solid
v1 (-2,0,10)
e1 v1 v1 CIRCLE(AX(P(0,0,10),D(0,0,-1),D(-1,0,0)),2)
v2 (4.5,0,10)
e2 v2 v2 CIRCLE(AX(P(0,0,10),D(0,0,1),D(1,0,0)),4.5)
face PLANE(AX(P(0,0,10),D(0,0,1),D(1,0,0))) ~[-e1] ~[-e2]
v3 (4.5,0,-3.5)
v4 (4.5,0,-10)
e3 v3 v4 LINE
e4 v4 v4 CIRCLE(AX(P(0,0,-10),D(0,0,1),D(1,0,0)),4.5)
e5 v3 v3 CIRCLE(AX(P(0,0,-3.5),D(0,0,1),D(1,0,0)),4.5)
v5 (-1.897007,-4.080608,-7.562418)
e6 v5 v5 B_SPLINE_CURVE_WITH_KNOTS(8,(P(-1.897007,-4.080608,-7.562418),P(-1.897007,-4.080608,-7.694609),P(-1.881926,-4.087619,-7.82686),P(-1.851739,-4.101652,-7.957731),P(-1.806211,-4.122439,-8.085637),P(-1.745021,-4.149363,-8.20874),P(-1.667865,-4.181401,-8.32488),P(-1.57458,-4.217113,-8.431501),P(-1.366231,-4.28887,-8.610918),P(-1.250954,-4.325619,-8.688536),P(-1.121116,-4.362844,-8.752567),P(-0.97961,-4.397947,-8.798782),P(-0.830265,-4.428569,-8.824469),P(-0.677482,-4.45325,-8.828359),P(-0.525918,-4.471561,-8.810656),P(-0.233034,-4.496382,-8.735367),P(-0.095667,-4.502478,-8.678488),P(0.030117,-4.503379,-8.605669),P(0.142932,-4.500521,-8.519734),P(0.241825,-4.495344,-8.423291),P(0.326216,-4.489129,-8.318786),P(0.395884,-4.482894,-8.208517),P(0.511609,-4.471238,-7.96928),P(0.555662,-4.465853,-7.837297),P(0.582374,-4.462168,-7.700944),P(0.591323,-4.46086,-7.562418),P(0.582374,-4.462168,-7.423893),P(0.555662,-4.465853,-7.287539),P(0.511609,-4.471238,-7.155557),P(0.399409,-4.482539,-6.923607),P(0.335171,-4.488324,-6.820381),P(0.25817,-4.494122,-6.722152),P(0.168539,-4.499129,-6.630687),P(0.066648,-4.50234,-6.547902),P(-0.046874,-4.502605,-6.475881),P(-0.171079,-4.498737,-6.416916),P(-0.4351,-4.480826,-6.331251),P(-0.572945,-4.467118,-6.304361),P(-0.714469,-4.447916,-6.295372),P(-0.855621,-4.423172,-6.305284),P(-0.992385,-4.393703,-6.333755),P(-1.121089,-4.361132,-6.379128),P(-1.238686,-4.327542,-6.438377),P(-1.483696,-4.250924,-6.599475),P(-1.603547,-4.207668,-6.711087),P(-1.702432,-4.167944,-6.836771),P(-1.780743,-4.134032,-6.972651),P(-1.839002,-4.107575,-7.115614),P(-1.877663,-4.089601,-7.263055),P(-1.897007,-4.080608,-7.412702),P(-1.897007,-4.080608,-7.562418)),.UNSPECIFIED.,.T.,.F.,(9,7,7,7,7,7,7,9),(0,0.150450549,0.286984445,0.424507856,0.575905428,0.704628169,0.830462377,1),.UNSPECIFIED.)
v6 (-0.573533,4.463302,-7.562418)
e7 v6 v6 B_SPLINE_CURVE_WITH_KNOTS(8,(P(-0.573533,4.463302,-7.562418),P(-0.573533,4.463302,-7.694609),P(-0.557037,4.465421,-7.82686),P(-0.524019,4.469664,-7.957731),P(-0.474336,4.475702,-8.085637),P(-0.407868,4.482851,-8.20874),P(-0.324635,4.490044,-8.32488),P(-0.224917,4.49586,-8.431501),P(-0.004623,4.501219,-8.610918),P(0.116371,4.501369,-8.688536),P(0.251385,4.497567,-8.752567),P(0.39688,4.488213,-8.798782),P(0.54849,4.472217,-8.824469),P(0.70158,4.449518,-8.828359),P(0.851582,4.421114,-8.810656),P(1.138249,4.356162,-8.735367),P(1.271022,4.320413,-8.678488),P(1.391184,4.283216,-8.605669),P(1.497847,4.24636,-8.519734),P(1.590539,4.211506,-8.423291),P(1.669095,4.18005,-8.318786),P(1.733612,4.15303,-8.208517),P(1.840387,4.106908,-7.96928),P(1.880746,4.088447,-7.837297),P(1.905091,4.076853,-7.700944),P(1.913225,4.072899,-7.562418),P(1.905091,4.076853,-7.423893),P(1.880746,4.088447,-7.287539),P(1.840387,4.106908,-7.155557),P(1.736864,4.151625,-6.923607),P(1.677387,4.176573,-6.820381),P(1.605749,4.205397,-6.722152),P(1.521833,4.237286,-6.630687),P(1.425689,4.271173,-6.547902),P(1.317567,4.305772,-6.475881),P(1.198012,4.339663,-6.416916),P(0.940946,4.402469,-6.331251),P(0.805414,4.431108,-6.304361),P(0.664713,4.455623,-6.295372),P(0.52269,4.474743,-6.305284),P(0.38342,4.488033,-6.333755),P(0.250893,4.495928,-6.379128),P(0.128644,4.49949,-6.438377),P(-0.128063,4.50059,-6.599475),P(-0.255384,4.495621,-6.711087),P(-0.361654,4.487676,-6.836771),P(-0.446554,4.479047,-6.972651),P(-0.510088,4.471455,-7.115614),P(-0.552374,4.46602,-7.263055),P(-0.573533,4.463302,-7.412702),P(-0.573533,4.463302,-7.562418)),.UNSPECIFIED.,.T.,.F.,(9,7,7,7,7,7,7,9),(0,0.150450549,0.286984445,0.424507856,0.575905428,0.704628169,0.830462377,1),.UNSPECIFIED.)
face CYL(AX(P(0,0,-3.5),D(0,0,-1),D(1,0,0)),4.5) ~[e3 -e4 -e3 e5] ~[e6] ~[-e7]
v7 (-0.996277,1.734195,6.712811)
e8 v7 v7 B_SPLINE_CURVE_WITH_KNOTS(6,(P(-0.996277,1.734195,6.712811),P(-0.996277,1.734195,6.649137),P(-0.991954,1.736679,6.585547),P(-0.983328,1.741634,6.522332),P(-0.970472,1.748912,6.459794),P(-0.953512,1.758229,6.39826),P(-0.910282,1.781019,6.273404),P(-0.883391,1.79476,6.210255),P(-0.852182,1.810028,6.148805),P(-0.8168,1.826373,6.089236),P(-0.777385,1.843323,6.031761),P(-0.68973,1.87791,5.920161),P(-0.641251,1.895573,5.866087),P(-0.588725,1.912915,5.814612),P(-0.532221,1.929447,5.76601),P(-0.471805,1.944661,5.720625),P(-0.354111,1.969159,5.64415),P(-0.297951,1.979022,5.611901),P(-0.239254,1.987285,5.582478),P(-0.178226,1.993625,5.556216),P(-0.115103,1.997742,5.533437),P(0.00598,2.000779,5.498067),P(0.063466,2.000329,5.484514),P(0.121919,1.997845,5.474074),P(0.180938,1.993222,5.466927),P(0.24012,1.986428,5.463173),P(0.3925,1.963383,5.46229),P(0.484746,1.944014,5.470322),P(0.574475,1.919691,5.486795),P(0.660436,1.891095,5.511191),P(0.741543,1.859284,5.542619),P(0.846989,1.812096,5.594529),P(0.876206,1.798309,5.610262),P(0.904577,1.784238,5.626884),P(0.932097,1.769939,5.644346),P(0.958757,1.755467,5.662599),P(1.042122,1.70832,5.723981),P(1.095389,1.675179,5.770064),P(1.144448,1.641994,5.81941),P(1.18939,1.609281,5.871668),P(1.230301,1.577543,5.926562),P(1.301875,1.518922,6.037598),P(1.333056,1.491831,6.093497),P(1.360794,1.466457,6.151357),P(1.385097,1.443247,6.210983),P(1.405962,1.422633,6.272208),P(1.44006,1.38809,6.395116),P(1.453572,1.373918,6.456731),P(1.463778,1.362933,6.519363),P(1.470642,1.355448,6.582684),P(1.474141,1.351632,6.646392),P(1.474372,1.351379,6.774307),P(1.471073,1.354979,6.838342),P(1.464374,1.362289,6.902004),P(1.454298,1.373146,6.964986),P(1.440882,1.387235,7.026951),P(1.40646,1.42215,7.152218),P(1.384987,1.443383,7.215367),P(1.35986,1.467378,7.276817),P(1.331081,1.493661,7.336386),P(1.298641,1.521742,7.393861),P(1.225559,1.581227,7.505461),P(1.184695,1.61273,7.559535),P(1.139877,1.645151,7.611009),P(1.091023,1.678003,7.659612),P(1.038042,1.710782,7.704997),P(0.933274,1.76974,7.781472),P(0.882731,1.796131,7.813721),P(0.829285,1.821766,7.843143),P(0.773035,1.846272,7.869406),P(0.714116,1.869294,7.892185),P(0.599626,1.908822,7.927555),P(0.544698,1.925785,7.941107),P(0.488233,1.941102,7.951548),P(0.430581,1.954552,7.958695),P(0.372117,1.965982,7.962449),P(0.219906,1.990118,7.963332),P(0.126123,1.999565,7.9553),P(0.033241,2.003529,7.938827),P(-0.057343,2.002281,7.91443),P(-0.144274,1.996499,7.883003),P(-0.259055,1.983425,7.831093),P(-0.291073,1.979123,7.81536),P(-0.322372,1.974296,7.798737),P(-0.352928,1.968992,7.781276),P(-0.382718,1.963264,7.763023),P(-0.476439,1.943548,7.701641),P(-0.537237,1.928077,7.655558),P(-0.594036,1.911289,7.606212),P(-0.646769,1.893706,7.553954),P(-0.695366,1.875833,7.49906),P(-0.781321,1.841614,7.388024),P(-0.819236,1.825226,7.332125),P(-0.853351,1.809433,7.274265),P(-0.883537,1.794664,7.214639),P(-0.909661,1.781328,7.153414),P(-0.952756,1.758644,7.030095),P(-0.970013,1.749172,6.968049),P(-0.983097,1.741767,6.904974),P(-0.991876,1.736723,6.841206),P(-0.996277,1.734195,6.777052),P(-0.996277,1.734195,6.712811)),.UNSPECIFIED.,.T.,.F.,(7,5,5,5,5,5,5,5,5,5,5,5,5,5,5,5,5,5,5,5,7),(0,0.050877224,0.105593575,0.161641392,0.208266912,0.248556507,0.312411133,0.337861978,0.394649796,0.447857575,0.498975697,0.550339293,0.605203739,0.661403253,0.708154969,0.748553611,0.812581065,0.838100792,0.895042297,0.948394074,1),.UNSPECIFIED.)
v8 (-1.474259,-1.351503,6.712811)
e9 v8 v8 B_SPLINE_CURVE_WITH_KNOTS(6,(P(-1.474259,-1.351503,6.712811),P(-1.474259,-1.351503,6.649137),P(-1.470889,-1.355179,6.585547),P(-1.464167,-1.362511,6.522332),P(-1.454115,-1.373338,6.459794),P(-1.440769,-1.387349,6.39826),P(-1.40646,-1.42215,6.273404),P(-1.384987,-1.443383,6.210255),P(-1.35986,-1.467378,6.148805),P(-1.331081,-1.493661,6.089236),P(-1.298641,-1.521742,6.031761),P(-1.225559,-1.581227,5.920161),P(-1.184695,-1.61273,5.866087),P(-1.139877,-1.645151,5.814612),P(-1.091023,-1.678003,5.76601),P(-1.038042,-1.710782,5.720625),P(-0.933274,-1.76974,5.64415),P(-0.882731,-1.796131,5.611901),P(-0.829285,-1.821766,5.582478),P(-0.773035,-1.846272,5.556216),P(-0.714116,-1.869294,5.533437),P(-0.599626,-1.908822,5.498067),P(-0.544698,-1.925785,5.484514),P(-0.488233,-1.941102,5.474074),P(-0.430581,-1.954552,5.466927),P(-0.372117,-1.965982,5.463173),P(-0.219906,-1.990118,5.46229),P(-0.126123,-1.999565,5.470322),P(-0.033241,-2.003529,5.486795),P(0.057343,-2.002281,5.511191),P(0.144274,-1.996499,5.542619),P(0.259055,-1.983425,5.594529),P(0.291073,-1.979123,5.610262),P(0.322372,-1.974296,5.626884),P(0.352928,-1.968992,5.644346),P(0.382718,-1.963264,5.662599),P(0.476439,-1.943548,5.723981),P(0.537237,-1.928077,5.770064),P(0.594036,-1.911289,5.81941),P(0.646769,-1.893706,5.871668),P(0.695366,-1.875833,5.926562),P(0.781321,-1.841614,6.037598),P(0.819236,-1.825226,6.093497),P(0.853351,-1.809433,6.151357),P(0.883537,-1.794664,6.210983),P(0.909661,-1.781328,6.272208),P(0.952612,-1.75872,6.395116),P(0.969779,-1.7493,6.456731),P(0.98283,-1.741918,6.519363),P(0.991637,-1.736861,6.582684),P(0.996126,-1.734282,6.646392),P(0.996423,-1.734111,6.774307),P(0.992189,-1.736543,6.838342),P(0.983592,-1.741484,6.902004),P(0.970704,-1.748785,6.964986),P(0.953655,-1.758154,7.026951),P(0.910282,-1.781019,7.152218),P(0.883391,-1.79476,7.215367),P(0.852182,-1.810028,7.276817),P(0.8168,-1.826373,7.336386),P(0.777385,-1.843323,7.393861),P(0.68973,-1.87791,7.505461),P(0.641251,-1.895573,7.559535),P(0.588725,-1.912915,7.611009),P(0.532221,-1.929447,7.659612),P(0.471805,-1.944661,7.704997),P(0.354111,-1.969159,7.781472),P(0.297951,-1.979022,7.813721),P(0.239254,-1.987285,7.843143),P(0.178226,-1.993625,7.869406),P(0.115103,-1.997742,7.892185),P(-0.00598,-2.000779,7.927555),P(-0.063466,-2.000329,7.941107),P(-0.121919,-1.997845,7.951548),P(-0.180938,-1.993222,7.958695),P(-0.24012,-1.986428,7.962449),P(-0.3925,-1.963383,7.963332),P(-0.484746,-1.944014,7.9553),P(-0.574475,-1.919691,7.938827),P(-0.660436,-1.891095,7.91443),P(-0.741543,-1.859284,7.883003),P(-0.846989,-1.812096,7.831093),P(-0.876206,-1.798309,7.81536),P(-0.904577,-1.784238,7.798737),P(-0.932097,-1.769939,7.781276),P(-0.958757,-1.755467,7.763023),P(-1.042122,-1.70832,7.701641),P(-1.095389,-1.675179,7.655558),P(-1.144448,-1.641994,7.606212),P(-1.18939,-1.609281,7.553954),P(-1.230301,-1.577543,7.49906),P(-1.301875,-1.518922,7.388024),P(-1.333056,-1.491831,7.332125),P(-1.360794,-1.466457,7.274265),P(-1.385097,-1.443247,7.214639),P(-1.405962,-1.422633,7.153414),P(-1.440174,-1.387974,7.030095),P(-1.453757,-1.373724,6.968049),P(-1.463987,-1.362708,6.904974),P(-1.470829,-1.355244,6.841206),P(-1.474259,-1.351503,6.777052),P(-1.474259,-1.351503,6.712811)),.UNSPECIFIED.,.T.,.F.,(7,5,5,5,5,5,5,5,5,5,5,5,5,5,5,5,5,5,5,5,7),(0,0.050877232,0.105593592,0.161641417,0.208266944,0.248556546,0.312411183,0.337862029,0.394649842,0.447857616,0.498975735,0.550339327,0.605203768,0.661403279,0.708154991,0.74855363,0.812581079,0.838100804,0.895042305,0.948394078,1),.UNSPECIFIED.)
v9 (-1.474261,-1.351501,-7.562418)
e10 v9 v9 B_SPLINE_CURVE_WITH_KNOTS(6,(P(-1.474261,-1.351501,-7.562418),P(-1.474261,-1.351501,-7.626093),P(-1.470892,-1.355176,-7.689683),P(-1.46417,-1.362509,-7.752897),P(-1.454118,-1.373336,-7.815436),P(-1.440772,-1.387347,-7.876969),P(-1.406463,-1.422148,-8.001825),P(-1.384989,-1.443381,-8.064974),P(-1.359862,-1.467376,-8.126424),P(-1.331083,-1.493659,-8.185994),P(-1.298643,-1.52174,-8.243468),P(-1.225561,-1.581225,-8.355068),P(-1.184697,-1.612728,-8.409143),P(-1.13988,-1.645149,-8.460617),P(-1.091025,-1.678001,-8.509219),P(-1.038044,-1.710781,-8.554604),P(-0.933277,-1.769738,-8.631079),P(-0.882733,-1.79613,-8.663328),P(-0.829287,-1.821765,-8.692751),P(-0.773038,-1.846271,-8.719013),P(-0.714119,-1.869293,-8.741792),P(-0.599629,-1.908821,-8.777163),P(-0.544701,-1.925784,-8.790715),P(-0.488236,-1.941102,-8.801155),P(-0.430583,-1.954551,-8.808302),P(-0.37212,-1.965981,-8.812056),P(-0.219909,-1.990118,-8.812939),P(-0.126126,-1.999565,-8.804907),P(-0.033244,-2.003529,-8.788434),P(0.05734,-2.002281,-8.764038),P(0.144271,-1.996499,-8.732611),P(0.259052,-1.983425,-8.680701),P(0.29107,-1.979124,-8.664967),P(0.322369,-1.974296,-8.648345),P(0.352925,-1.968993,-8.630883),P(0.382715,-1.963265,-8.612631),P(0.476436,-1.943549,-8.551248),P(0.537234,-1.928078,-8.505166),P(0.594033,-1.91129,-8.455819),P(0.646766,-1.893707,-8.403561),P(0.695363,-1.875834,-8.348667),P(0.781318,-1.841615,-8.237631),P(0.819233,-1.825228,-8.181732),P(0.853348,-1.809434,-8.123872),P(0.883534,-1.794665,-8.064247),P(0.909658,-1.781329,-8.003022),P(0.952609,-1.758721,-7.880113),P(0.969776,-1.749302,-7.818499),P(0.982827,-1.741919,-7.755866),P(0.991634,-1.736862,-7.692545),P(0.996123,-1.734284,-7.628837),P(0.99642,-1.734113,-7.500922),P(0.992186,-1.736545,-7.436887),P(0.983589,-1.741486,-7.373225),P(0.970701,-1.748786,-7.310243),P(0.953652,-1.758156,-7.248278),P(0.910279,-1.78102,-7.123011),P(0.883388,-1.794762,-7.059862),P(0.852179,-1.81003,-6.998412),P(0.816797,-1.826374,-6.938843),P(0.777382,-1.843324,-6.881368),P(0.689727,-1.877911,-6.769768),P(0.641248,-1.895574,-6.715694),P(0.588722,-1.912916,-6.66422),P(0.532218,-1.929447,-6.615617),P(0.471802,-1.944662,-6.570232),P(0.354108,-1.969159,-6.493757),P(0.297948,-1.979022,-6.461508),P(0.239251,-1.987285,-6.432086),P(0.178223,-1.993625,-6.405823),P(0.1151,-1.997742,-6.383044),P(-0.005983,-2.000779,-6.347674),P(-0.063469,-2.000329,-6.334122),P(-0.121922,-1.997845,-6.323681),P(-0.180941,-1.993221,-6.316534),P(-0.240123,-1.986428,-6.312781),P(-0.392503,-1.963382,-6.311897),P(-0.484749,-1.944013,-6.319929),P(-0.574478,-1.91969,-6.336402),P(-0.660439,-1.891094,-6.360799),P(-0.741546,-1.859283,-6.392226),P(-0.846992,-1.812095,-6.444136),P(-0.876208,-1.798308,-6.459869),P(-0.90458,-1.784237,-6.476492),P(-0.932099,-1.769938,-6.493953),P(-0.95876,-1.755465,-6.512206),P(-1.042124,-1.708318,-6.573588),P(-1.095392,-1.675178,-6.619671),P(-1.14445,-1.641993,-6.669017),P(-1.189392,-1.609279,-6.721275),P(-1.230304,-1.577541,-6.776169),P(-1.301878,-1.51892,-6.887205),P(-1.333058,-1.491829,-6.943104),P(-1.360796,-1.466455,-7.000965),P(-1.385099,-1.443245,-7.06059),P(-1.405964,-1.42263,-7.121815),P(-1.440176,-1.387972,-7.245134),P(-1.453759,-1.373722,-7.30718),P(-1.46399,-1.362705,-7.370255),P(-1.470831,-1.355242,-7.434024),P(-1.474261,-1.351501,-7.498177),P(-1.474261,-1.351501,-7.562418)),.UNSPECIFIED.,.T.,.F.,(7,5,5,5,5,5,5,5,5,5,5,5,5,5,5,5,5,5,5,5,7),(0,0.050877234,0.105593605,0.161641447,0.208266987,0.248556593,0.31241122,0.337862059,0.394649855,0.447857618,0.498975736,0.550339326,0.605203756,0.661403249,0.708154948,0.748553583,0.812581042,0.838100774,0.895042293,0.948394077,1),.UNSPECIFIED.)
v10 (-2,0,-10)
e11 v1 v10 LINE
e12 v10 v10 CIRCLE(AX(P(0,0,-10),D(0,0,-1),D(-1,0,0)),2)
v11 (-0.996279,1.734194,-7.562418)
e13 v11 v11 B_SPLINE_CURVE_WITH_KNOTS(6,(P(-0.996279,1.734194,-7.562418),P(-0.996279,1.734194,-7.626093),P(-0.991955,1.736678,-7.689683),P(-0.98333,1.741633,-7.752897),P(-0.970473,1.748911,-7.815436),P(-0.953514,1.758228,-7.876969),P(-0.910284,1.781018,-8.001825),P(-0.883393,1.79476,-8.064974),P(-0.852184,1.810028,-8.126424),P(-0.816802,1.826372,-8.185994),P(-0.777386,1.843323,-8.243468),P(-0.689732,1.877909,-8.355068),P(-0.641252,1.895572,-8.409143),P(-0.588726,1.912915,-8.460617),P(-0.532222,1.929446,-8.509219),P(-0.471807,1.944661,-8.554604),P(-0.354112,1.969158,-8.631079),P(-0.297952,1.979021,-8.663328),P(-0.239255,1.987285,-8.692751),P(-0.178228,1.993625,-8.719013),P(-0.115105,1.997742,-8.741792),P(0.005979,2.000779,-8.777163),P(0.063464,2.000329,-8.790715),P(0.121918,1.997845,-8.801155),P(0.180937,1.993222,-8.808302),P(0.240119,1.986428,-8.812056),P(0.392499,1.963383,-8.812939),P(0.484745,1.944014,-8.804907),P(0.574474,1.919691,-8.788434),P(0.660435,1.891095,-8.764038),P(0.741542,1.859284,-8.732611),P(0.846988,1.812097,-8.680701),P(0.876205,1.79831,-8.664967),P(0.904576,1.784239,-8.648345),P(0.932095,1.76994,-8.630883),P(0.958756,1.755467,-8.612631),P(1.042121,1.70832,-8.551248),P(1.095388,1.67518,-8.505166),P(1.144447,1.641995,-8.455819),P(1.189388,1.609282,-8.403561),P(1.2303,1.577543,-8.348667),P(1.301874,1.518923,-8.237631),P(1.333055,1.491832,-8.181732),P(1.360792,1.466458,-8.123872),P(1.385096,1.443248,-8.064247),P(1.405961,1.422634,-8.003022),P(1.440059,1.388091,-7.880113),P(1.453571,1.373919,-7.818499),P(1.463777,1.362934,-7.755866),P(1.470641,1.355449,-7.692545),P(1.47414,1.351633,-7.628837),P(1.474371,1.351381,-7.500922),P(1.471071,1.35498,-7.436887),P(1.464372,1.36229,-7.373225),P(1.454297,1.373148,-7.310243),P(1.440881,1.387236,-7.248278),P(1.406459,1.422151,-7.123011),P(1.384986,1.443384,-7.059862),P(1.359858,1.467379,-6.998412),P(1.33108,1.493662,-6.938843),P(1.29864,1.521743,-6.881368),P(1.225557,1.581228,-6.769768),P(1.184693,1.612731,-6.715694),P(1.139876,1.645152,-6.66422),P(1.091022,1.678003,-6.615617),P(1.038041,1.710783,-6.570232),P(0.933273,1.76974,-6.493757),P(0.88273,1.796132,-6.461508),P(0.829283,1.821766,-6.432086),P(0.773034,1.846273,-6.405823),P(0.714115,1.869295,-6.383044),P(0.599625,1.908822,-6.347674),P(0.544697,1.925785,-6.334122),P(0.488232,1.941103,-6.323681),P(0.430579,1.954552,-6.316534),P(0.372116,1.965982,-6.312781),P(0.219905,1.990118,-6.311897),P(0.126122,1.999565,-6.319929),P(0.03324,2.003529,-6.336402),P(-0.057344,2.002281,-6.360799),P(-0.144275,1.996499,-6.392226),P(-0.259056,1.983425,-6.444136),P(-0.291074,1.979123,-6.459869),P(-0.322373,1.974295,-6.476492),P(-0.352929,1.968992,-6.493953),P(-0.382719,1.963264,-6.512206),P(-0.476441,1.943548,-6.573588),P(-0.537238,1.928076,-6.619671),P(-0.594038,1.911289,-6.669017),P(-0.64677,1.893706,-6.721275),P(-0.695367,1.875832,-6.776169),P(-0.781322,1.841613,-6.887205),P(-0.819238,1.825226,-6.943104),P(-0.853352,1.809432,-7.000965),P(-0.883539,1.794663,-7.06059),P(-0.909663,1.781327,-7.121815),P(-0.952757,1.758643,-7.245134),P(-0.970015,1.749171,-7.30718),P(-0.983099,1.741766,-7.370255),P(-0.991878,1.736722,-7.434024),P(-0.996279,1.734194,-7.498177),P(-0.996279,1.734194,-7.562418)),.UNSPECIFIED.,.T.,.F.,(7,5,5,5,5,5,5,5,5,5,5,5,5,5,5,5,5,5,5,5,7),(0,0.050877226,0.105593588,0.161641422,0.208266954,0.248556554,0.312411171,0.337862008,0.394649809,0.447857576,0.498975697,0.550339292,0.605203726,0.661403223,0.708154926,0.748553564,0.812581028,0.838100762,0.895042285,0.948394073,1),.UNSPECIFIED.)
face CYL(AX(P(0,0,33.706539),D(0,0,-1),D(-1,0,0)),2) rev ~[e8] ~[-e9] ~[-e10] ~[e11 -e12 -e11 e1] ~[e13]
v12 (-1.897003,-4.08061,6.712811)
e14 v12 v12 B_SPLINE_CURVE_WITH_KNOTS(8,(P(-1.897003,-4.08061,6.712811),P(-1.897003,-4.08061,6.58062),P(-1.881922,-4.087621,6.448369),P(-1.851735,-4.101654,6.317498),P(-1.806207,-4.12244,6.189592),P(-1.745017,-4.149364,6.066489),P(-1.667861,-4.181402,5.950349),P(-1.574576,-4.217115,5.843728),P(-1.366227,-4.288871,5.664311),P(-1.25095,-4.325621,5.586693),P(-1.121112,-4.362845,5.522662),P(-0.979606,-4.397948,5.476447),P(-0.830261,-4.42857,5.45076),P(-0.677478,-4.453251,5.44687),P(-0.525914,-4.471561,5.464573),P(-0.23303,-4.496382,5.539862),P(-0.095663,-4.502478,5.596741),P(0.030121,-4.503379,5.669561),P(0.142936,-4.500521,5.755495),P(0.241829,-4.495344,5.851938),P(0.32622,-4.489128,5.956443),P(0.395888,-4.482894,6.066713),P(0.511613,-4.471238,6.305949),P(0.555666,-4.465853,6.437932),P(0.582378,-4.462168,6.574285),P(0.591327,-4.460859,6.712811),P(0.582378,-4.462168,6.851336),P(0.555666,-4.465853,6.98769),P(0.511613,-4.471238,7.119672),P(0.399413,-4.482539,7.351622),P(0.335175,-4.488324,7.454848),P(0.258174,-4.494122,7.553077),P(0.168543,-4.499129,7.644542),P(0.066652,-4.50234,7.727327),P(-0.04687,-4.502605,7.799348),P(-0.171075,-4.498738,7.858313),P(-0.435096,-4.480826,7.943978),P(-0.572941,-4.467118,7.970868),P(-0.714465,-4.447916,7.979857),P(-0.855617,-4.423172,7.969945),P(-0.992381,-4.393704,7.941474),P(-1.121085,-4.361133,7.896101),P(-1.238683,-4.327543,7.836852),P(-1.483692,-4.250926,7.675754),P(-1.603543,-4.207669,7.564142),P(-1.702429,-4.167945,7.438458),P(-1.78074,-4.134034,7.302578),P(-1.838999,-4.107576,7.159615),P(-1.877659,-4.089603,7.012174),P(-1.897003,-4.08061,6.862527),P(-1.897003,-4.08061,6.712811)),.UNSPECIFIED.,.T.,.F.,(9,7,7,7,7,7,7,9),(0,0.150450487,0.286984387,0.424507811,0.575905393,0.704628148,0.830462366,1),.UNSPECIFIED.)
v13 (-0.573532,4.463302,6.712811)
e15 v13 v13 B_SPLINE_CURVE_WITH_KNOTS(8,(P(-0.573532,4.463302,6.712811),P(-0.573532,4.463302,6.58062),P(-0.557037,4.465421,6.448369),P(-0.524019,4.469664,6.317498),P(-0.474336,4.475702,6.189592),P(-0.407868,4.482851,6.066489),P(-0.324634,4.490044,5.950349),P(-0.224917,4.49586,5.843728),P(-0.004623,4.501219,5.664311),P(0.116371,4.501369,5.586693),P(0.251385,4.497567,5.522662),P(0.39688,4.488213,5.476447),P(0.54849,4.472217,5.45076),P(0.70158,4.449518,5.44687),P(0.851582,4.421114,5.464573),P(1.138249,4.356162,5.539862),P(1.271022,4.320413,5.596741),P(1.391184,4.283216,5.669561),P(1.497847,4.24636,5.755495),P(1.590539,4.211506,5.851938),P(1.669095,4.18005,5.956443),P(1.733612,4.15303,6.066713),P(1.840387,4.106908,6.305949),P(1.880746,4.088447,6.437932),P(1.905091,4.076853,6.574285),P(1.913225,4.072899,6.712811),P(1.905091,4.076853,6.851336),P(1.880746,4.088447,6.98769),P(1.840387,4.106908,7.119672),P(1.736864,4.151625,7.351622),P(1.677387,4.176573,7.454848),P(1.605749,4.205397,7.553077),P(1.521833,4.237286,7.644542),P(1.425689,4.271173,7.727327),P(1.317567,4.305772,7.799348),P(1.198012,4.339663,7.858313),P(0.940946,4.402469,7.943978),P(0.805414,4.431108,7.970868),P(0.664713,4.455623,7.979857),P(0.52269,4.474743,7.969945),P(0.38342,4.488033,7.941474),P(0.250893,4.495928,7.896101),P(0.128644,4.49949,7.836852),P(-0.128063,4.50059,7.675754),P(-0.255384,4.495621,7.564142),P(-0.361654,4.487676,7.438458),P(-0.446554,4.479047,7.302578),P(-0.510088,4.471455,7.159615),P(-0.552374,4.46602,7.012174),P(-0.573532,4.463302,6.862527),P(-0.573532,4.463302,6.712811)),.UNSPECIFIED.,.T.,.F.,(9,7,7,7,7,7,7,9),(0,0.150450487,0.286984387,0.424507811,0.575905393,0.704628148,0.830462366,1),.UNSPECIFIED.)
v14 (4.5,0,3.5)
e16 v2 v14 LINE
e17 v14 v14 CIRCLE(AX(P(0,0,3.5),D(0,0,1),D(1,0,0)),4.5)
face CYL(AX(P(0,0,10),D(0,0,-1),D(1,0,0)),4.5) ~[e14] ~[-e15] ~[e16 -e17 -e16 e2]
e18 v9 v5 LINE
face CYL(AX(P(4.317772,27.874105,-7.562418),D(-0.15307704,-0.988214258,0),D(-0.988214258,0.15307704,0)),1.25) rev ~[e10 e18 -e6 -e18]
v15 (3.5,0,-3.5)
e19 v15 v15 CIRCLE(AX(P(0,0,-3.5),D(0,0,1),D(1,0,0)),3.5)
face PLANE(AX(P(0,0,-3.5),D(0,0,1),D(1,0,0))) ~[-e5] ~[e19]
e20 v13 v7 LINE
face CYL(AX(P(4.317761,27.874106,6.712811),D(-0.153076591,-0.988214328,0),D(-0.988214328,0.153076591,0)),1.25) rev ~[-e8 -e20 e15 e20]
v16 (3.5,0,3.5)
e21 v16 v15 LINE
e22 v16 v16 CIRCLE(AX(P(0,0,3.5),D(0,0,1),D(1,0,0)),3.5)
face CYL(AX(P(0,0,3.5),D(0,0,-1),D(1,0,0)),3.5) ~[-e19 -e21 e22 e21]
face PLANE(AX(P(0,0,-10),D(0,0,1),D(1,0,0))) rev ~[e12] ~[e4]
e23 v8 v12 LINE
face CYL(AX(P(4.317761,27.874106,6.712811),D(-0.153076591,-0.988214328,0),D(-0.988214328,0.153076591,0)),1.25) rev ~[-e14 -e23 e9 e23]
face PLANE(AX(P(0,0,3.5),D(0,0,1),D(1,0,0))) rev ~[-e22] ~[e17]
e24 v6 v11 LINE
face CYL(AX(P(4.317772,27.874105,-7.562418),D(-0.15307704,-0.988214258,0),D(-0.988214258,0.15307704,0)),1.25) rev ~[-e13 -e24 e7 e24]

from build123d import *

# Parameters (mm, degrees)
F_4_0MM_DOWEL_HOLE1_D           = 4
M3X0_5_TAPPED_HOLE1_D           = 2.5
M3X0_5_TAPPED_HOLE1_ON_FACE_2_D = 2.5


with BuildPart() as part:
    # Sketch1 → Revolve1 (revolve)
    with BuildSketch(Plane(origin=(0, 0, 0), x_dir=(1, 0, 0), z_dir=(0, 1, 0))):
        Polygon((4.5, 10), (0, 10), (0, -10), (4.5, -10), (4.5, -3.5), (3.5, -3.5), (3.5, 3.5), (4.5, 3.5), align=None)
    revolve(axis=Axis((0, 0, -10), (0, 0, 1)))

    # Ø4.0mm Dowel Hole1 (through all)
    with Locations(Plane.XY.offset(10)):
        with Locations((0, 0)):
            Hole(F_4_0MM_DOWEL_HOLE1_D / 2)

    # M3x0.5 Tapped Hole1 (through all)
    with Locations(Plane(origin=(0.688844658, 4.446964474, 6.712810899), x_dir=(0.988214328, -0.153076591, 0), z_dir=(0.153076591, 0.988214328, 0))):
        with Locations((0, 0)):
            Hole(M3X0_5_TAPPED_HOLE1_D / 2)

    # M3x0.5 Tapped Hole1 on face 2 (through all)
    with Locations(Plane(origin=(0.688844658, 4.446964474, -7.56241821), x_dir=(0.988214258, -0.15307704, 0), z_dir=(0.15307704, 0.988214258, 0))):
        with Locations((0, 0)):
            Hole(M3X0_5_TAPPED_HOLE1_ON_FACE_2_D / 2)


solid = part.part
